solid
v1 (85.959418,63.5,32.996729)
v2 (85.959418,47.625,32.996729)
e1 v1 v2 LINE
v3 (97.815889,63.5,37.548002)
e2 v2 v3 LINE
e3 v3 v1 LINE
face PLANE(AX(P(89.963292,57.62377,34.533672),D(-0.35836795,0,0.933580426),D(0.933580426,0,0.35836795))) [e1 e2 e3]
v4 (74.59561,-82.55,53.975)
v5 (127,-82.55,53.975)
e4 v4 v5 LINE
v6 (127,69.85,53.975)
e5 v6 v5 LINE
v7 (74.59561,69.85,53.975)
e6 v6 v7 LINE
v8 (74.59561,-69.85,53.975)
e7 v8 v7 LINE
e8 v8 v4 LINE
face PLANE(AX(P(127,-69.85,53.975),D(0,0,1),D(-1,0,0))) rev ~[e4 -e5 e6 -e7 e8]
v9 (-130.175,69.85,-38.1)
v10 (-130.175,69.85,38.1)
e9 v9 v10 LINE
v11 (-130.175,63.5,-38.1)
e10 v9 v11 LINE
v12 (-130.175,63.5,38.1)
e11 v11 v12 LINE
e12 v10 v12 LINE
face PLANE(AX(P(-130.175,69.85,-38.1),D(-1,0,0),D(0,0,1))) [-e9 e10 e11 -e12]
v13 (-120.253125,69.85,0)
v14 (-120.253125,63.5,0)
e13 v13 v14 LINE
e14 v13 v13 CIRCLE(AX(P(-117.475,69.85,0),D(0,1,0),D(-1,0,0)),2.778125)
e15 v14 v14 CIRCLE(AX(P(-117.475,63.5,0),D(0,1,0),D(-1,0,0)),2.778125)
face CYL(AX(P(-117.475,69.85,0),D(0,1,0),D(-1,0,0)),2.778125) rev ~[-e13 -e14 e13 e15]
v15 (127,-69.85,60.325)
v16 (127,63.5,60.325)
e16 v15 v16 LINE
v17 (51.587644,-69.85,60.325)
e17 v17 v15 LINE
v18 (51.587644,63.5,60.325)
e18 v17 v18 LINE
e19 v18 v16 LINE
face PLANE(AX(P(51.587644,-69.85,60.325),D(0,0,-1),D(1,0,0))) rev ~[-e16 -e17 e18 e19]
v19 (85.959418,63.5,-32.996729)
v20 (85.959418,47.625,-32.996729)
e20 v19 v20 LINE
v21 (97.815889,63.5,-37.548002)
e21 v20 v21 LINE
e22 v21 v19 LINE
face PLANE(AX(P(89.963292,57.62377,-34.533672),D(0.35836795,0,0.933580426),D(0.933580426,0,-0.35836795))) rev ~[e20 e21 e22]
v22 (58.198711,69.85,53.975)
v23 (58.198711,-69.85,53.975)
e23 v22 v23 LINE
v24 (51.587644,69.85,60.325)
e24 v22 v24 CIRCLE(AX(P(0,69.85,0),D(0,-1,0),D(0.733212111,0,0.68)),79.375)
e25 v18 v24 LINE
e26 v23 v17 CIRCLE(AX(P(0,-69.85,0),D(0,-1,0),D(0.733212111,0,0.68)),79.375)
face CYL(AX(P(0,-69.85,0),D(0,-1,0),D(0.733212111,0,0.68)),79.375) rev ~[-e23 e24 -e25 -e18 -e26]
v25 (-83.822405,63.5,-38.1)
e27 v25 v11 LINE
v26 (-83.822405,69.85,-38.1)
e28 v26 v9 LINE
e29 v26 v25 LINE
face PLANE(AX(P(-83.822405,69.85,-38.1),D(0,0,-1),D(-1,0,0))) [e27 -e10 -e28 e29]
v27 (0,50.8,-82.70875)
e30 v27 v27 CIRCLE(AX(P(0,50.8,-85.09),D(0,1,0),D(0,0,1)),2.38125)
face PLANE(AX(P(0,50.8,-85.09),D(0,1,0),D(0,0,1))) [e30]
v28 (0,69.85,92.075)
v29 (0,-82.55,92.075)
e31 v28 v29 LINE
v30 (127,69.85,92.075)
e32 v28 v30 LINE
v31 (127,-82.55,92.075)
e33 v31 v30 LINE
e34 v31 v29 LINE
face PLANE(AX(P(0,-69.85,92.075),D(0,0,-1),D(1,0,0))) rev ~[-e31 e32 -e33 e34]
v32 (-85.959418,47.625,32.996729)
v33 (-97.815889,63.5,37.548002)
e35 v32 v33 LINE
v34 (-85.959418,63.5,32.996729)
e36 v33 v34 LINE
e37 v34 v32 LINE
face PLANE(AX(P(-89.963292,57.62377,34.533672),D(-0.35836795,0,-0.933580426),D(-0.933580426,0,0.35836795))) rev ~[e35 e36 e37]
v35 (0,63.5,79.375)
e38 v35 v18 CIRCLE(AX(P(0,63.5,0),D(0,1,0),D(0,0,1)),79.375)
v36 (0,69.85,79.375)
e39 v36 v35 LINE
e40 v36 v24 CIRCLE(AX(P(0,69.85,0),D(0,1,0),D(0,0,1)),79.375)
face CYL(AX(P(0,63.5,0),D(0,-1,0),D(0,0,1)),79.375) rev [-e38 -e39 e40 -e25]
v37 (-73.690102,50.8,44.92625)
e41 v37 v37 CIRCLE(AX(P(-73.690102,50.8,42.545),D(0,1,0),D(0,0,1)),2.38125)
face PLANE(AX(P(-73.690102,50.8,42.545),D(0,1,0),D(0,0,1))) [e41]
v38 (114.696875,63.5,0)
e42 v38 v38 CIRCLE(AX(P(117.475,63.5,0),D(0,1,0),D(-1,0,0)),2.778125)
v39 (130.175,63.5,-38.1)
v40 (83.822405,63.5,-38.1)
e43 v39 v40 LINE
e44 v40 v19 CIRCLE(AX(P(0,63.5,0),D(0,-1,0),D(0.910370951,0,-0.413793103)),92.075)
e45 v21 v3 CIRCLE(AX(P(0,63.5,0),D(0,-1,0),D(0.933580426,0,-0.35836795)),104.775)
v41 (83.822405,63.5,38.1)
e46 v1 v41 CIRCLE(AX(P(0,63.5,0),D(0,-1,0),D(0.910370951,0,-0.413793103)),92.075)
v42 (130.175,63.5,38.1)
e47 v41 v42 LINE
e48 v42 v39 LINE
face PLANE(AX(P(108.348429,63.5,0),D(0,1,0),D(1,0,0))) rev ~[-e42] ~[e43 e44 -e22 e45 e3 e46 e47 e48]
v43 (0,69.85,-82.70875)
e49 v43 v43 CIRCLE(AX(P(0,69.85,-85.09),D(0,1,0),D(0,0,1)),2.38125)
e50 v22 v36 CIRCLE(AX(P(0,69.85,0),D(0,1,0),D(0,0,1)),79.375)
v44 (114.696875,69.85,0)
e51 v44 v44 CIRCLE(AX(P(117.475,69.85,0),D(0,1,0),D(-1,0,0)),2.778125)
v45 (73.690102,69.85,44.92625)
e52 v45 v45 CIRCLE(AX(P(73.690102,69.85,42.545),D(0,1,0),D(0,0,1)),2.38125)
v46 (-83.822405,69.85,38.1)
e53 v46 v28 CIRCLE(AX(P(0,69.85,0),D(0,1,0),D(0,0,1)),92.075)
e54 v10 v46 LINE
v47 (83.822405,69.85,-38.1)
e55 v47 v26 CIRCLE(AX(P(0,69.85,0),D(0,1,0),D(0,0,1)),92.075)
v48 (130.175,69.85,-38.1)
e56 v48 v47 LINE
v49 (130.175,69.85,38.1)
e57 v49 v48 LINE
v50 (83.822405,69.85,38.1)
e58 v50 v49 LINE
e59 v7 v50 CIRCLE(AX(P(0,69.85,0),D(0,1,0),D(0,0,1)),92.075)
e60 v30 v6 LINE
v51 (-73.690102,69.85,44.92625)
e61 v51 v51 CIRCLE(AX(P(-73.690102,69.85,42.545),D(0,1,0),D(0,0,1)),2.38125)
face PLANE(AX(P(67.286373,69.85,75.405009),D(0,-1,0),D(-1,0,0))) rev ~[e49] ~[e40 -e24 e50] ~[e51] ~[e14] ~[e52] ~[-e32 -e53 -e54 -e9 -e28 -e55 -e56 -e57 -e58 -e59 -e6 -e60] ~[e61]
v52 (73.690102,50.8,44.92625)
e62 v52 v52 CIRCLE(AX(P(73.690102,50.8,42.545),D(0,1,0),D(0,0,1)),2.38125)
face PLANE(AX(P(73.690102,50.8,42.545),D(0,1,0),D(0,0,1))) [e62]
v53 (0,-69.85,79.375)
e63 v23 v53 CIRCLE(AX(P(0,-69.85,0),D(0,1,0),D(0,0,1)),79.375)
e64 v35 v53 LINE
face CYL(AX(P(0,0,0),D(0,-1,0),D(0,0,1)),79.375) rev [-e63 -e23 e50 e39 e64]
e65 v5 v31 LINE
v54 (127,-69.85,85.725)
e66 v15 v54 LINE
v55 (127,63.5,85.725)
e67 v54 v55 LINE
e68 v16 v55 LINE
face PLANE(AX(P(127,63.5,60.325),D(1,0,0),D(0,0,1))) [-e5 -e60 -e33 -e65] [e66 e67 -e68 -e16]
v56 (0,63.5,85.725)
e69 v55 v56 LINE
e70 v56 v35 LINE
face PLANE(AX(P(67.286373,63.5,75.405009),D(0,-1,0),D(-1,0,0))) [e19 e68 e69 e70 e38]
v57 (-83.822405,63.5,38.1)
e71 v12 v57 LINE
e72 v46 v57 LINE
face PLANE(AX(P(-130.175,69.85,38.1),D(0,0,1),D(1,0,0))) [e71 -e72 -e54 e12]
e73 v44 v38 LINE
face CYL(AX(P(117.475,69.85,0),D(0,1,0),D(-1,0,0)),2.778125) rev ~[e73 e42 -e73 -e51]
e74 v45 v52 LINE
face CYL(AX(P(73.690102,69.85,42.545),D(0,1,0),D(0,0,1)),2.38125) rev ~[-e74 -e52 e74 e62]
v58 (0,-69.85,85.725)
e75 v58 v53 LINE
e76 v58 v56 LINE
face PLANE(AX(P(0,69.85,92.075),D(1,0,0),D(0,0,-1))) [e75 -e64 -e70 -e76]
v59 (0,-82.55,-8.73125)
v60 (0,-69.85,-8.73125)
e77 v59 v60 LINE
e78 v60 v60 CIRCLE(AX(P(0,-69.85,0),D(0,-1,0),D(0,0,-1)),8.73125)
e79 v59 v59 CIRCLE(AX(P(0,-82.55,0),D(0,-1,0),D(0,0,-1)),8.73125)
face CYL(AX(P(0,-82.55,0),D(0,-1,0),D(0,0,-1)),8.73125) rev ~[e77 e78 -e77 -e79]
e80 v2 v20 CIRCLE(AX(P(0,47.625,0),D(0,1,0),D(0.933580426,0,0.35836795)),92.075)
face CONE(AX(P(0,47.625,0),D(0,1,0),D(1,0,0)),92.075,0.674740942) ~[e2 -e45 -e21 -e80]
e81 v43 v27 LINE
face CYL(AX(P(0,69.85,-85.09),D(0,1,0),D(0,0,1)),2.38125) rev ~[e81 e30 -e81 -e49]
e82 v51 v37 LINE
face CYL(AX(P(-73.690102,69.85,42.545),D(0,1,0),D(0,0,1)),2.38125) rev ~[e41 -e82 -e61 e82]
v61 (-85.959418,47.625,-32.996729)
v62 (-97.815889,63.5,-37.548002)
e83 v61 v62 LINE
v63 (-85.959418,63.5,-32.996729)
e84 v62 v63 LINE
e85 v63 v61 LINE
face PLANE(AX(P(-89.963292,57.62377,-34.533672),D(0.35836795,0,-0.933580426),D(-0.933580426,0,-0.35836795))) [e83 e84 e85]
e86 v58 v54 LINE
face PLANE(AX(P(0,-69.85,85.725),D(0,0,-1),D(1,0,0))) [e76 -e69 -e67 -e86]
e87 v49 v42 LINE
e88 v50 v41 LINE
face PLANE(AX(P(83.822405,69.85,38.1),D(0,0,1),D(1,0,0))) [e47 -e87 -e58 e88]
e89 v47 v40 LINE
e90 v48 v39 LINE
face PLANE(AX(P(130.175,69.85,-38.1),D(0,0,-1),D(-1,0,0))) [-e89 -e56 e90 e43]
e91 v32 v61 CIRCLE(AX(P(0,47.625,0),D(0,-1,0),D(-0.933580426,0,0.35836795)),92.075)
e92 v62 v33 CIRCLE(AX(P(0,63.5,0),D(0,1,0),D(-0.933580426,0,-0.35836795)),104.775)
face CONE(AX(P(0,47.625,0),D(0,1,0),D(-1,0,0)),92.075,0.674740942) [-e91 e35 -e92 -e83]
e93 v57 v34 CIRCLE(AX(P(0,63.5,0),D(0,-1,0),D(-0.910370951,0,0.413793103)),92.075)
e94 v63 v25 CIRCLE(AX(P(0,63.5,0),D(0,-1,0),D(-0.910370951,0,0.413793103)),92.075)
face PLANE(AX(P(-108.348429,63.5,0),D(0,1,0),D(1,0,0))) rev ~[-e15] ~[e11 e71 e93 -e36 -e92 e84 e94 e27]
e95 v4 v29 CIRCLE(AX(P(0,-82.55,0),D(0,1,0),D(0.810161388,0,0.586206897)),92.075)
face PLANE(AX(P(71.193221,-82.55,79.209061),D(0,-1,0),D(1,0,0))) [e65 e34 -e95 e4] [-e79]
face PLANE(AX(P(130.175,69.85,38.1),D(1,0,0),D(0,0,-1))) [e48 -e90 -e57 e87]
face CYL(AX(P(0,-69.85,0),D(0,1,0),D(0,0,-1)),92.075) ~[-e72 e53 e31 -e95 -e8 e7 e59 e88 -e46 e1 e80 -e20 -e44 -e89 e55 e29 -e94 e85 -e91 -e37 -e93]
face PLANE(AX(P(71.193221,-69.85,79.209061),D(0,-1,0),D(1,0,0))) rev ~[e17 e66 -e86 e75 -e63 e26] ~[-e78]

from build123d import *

# Parameters (mm, degrees)
SKETCH1_R                = 92.075
SKETCH1_R_2              = 79.375
BOSS_EXTRUDE1_DEPTH      = 69.85
SKETCH2_R                = 92.075
BOSS_EXTRUDE2_DEPTH      = 12.7
SKETCH3_R                = 8.73125
CUT_EXTRUDE1_DEPTH       = 12.7
SKETCH4_R                = 2.38125
CUT_EXTRUDE2_DEPTH       = 19.05
BOSS_EXTRUDE3_START      = -12.7
BOSS_EXTRUDE3_DEPTH      = 12.7
SKETCH7_W                = 127
SKETCH7_H                = 38.1
CUT_EXTRUDE4_DEPTH       = 139.7
SKETCH8_W                = 127
SKETCH8_H                = 6.35
BOSS_EXTRUDE4_DEPTH      = 139.7
BOSS_EXTRUDE5_DEPTH      = 139.7
BOSS_EXTRUDE6_START      = -6.35
BOSS_EXTRUDE6_DEPTH      = 6.35
BOSS_EXTRUDE7_DEPTH      = 6.35
REVOLVE1_ANGLE           = 21
REVOLVE1_OTHER_WAY_ANGLE = 21
SKETCH14_R               = 2.778125
CUT_EXTRUDE5_DEPTH       = 9.525


with BuildPart() as part:
    # Sketch1 → Boss-Extrude1 (new, symmetric)
    with BuildSketch(Plane(origin=(0, 0, 0), x_dir=(1, 0, 0), z_dir=(0, 1, 0))):
        with Locations(Location((0, 0, 0), (0, 0, 270))):
            Circle(SKETCH1_R)
        with Locations(Location((0, 0, 0), (0, 0, 270))):
            Circle(SKETCH1_R_2, mode=Mode.SUBTRACT)
    extrude(amount=BOSS_EXTRUDE1_DEPTH, both=True)

    # Sketch2 → Boss-Extrude2 (add)
    with BuildSketch(Plane.XZ.offset(69.85)):
        with Locations(Location((0, 0, 0), (0, 0, 270))):
            Circle(SKETCH2_R)
    extrude(amount=BOSS_EXTRUDE2_DEPTH)

    # Sketch3 → Cut-Extrude1 (cut)
    with BuildSketch(Plane.XZ.offset(82.55)):
        with Locations(Location((0, 0, 0), (0, 0, 270))):
            Circle(SKETCH3_R)
    extrude(amount=-CUT_EXTRUDE1_DEPTH, mode=Mode.SUBTRACT)

    # Sketch4 → Cut-Extrude2 (cut)
    with BuildSketch(Plane(origin=(0, 69.85, 0), x_dir=(1, 0, 0), z_dir=(0, 1, 0))):
        with Locations(Location((0, 85.09, 0), (0, 0, 270))):
            Circle(SKETCH4_R)
        with Locations(Location((73.690101608, -42.545, 0), (0, 0, 270))):
            Circle(SKETCH4_R)
        with Locations(Location((-73.690101608, -42.545, 0), (0, 0, 270))):
            Circle(SKETCH4_R)
    extrude(amount=-CUT_EXTRUDE2_DEPTH, mode=Mode.SUBTRACT)

    # Sketch6 → Boss-Extrude3 (add)
    with BuildSketch(Plane.XZ.offset(82.55).offset(BOSS_EXTRUDE3_START)):
        with BuildLine():
            Line((127, 92.075), (0, 92.075))
            ThreePointArc((0, 92.075), (41.881126418, 81.99863947), (74.59560979, 53.975))
            Line((74.59560979, 53.975), (127, 53.975))
            Line((127, 53.975), (127, 92.075))
        make_face()
    extrude(amount=BOSS_EXTRUDE3_DEPTH)

    # Sketch7 → Cut-Extrude4 (cut)
    with BuildSketch(Plane(origin=(0, 69.85, 0), x_dir=(1, 0, 0), z_dir=(0, 1, 0))):
        with Locations((63.5, -73.025)):
            Rectangle(SKETCH7_W, SKETCH7_H)
    extrude(amount=-CUT_EXTRUDE4_DEPTH, mode=Mode.SUBTRACT)

    # Sketch8 → Boss-Extrude4 (add)
    with BuildSketch(Plane(origin=(0, -69.85, 0), x_dir=(1, 0, 0), z_dir=(0, 1, 0))):
        with Locations((63.5, -88.9)):
            Rectangle(SKETCH8_W, SKETCH8_H)
    extrude(amount=BOSS_EXTRUDE4_DEPTH)

    # Sketch9 → Boss-Extrude5 (add)
    with BuildSketch(Plane(origin=(0, -69.85, 0), x_dir=(1, 0, 0), z_dir=(0, 1, 0))):
        with BuildLine():
            Line((127, -53.975), (58.198711326, -53.975))
            ThreePointArc((58.198711326, -53.975), (54.984921313, -57.245515573), (51.587643869, -60.325))
            Line((51.587643869, -60.325), (127, -60.325))
            Line((127, -60.325), (127, -53.975))
        make_face()
    extrude(amount=BOSS_EXTRUDE5_DEPTH)

    # Sketch10 → Boss-Extrude6 (add)
    with BuildSketch(Plane(origin=(0, 69.85, 0), x_dir=(1, 0, 0), z_dir=(0, 1, 0)).offset(BOSS_EXTRUDE6_START)):
        with BuildLine():
            ThreePointArc((0, -79.375), (27.49630657, -74.460350187), (51.587643869, -60.325))
            Line((51.587643869, -60.325), (127, -60.325))
            Line((127, -60.325), (127, -85.725))
            Line((127, -85.725), (0, -85.725))
            Line((0, -85.725), (0, -79.375))
        make_face()
    extrude(amount=BOSS_EXTRUDE6_DEPTH)

    # Sketch11 → Boss-Extrude7 (add)
    with BuildSketch(Plane(origin=(0, 69.85, 0), x_dir=(1, 0, 0), z_dir=(0, 1, 0))):
        with BuildLine():
            ThreePointArc((-83.822405269, -38.1), (-92.075, 0), (-83.822405269, 38.1))
            Line((-83.822405269, 38.1), (-130.175, 38.1))
            Line((-130.175, 38.1), (-130.175, -38.1))
            Line((-130.175, -38.1), (-83.822405269, -38.1))
        make_face()
        with BuildLine():
            Line((83.822405269, -38.1), (130.175, -38.1))
            Line((130.175, -38.1), (130.175, 38.1))
            Line((130.175, 38.1), (83.822405269, 38.1))
            ThreePointArc((83.822405269, 38.1), (92.075, 0), (83.822405269, -38.1))
        make_face()
    extrude(amount=-BOSS_EXTRUDE7_DEPTH)

    # Sketch13 → Revolve1 (revolve)
    with BuildSketch(Plane.XY):
        Polygon((92.075, 63.5), (92.075, 47.625), (104.775, 63.5), align=None)
        Polygon((-92.075, 63.5), (-92.075, 47.625), (-104.775, 63.5), align=None)
    revolve(axis=Axis((0, -102.398385613, 0), (0, 1, 0)), revolution_arc=REVOLVE1_ANGLE)

    # Sketch13 → Revolve1 other way (revolve)
    with BuildSketch(Plane.XY):
        Polygon((92.075, 63.5), (92.075, 47.625), (104.775, 63.5), align=None)
        Polygon((-92.075, 63.5), (-92.075, 47.625), (-104.775, 63.5), align=None)
    revolve(axis=Axis((0, -102.398385613, 0), (0, -1, 0)), revolution_arc=REVOLVE1_OTHER_WAY_ANGLE)

    # Sketch14 → Cut-Extrude5 (cut)
    with BuildSketch(Plane(origin=(0, 69.85, 0), x_dir=(1, 0, 0), z_dir=(0, 1, 0))):
        with Locations(Location((-117.475, 0, 0), (0, 0, 180))):
            Circle(SKETCH14_R)
        with Locations(Location((117.475, 0, 0), (0, 0, 180))):
            Circle(SKETCH14_R)
    extrude(amount=-CUT_EXTRUDE5_DEPTH, mode=Mode.SUBTRACT)


solid = part.part
